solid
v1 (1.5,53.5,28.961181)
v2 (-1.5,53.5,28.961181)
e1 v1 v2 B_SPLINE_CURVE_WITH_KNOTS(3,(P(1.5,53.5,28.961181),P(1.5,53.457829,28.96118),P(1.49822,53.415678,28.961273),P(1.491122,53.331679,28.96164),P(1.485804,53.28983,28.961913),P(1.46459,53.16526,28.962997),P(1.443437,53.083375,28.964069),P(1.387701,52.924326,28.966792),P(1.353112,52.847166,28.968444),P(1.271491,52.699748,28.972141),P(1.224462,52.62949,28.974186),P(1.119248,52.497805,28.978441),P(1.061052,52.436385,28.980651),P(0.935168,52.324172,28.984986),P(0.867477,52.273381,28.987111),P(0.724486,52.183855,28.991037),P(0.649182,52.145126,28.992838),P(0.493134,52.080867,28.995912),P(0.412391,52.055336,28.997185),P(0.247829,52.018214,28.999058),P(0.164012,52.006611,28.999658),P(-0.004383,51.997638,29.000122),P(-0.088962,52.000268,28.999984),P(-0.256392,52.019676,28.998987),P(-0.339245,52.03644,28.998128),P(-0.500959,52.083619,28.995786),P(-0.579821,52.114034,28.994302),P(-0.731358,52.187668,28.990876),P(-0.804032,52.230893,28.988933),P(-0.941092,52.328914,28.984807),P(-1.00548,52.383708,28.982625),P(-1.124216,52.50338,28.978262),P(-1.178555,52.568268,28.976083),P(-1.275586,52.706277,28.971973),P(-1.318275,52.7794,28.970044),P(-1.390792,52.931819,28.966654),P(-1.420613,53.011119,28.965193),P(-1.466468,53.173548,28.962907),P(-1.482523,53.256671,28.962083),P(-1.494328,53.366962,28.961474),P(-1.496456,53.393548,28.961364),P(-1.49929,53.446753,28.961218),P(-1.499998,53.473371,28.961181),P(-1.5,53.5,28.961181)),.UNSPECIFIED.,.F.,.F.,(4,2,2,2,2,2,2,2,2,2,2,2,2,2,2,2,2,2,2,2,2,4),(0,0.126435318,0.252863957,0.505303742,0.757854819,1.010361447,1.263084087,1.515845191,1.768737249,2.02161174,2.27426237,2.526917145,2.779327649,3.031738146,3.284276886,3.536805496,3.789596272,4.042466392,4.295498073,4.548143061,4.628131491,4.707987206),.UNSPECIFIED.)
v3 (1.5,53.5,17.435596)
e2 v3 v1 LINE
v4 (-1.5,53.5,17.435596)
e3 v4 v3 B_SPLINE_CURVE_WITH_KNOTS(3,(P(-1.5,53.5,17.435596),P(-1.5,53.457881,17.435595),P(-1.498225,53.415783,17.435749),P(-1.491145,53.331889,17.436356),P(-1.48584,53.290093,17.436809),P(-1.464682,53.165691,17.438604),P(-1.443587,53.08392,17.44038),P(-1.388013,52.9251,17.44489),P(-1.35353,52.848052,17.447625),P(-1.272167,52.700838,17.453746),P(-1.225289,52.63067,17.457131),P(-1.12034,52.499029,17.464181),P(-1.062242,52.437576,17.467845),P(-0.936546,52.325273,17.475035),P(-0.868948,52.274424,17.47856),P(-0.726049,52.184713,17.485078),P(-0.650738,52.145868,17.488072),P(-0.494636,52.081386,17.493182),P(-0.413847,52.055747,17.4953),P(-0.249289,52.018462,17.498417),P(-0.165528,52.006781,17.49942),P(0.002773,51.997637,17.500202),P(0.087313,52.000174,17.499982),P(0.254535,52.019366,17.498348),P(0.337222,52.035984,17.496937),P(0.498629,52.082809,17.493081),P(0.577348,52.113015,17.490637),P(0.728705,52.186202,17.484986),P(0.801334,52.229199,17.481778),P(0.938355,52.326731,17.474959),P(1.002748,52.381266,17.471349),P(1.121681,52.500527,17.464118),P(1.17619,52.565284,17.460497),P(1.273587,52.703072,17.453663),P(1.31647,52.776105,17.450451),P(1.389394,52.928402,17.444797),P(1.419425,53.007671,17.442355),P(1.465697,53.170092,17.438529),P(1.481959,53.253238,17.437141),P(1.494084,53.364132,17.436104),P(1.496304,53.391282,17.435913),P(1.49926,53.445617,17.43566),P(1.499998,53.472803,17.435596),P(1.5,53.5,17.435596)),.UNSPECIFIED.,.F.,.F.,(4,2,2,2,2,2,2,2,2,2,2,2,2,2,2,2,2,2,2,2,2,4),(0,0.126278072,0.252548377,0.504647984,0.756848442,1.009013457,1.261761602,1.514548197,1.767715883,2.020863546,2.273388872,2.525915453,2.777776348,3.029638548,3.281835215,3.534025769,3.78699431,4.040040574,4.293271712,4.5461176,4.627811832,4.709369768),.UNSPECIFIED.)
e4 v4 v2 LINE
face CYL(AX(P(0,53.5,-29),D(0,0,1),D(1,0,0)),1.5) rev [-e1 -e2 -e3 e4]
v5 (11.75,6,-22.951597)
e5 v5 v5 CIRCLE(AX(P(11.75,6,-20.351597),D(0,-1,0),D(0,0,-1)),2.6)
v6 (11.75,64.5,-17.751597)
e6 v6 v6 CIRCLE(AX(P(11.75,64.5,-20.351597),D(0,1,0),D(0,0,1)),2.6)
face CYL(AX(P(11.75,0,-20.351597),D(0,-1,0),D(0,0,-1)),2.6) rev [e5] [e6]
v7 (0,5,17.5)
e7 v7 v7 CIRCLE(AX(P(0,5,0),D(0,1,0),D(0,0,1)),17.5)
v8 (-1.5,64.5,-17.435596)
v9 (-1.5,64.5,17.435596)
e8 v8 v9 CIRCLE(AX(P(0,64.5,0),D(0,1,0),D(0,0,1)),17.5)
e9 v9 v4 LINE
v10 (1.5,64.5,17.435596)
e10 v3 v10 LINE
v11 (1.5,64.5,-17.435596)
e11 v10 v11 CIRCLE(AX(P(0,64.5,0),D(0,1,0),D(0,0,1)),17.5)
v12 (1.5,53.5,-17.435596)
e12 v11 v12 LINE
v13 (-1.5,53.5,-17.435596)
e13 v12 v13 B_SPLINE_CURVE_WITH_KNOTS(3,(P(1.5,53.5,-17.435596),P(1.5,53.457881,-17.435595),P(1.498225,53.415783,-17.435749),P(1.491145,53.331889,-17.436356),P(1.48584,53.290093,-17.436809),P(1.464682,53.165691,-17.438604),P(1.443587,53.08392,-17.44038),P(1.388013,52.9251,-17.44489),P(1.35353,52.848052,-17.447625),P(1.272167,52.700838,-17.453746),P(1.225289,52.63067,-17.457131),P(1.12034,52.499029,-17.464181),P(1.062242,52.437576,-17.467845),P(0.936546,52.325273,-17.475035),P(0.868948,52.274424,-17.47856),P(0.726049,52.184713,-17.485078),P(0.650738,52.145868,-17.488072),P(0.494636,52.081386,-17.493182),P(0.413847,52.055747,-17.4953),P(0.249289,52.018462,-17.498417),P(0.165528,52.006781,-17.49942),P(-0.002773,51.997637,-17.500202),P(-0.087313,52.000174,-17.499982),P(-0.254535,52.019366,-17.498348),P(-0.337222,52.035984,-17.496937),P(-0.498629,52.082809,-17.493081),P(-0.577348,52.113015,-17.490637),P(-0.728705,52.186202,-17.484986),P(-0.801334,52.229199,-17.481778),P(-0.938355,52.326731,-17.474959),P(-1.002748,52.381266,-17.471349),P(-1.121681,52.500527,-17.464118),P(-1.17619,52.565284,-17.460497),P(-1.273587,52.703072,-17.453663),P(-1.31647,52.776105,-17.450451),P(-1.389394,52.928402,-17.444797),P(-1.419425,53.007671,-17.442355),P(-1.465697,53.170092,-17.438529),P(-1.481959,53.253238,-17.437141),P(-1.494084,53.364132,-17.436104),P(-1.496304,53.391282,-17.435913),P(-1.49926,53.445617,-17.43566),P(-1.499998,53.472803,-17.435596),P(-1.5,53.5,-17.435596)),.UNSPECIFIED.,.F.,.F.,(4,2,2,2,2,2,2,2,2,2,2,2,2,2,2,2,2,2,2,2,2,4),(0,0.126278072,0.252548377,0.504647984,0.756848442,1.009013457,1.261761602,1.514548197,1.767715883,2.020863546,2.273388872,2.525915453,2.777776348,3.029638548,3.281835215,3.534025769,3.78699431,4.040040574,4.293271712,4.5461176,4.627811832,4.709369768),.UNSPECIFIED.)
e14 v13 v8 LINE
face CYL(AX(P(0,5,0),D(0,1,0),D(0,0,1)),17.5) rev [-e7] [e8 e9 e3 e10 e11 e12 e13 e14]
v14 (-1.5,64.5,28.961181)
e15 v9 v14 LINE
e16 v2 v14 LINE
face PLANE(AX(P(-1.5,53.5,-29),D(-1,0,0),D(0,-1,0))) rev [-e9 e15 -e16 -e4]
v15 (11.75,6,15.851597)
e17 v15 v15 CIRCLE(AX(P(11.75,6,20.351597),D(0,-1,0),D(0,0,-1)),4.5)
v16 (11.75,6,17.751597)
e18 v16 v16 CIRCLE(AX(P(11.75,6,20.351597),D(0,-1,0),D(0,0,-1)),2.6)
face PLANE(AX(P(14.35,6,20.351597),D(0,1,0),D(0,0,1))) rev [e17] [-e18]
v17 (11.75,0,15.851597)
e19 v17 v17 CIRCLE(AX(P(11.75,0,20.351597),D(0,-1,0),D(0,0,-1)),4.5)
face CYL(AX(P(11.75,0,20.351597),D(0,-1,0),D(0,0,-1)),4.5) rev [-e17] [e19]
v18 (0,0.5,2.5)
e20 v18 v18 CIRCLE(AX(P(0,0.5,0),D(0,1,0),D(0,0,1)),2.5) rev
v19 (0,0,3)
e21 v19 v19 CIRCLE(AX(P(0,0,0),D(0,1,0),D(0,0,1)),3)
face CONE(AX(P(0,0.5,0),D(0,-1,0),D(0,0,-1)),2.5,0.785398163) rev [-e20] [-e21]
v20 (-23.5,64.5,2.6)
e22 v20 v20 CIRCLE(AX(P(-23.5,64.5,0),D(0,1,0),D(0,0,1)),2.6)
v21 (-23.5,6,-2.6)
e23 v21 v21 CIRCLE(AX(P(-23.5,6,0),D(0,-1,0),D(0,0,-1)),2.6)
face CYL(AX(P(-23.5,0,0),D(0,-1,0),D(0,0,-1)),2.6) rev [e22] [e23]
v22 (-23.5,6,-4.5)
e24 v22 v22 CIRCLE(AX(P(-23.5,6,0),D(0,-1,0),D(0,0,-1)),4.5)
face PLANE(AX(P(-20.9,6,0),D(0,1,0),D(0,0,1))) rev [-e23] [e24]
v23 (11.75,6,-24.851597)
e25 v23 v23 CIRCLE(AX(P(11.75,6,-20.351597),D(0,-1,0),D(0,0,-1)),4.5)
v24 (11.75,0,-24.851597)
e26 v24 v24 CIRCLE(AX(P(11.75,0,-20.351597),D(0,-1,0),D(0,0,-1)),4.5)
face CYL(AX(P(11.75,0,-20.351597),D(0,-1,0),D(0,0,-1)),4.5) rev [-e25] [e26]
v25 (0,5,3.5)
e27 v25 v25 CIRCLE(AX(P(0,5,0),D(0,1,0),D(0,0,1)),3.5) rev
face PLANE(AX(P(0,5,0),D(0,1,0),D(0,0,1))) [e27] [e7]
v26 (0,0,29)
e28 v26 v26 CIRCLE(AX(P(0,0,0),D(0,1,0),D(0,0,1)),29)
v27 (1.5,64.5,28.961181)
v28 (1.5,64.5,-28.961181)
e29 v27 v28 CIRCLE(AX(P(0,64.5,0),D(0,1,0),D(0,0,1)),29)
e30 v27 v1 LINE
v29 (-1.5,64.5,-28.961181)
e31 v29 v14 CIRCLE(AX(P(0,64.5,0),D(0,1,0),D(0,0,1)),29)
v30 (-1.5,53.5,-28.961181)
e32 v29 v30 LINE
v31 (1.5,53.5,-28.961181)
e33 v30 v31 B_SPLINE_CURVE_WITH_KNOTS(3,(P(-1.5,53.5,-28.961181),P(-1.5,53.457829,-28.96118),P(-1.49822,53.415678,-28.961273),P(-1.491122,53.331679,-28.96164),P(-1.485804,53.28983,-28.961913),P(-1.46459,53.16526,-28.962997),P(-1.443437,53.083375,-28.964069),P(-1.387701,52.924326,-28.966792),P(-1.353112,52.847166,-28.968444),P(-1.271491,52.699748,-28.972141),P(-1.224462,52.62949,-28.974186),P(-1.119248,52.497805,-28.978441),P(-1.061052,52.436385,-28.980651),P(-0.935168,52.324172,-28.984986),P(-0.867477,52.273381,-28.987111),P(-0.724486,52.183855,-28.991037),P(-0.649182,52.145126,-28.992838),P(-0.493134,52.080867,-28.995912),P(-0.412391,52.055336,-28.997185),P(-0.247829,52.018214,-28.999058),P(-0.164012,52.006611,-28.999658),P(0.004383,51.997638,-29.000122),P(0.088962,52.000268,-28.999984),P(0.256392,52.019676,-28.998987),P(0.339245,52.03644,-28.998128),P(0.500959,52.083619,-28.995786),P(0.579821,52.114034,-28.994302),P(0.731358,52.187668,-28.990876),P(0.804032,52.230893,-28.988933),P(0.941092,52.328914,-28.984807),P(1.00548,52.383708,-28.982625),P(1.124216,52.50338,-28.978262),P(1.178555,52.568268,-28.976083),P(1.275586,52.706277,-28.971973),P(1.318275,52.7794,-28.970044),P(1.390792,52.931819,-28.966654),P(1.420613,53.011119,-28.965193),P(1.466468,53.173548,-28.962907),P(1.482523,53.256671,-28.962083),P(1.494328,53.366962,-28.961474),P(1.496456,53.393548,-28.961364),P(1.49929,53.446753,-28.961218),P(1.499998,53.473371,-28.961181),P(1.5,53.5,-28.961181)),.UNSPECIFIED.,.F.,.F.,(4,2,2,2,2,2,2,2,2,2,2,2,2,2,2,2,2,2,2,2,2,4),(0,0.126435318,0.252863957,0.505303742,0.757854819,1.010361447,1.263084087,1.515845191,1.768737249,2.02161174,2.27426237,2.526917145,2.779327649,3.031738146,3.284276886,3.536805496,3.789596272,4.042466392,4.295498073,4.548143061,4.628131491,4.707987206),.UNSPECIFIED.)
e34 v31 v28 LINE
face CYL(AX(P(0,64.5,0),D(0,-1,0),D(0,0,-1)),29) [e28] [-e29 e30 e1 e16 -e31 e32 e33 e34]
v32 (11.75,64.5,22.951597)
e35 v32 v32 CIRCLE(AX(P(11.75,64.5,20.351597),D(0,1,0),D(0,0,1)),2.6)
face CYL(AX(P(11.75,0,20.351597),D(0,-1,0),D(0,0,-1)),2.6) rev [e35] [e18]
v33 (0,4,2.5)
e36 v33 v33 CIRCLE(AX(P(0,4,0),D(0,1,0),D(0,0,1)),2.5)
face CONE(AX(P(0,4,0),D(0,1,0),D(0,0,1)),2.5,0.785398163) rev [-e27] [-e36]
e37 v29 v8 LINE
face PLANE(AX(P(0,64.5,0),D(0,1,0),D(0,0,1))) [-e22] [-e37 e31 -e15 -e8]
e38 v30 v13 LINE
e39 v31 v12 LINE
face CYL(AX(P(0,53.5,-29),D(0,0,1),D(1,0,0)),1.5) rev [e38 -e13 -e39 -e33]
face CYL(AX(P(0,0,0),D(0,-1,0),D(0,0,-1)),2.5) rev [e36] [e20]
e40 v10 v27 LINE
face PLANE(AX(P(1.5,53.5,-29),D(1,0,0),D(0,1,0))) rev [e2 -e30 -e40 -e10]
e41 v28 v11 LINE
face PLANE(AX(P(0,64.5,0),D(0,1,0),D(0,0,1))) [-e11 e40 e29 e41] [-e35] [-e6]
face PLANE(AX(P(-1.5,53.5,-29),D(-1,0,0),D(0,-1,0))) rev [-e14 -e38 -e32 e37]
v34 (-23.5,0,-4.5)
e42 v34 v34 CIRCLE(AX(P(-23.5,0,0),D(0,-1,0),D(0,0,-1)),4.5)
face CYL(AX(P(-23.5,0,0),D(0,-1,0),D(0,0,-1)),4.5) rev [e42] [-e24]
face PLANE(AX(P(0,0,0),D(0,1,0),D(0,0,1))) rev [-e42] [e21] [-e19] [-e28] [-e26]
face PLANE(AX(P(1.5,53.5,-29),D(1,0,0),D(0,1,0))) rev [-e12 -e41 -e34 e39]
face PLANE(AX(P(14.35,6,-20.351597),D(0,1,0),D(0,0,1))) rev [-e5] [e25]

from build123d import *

# Parameters (mm, degrees)
IZIM1_R                                           = 29
Y_KSEKLIK_EKSTR_ZYON1_DEPTH                       = 64.5
IZIM2_R                                           = 17.5
KES_EKSTR_ZYON1_DEPTH                             = 59.5
F_5_0_5_AP_DELIK1_D                               = 5
F_5_0_5_AP_DELIK1_DEPTH                           = 6
F_5_0_5_AP_DELIK1_TIP                             = 0.909925586
PAH1_SIZE                                         = 0.5
PAH2_SIZE                                         = 1
KES_EKSTR_ZYON2_DEPTH                             = 92.461740635
IZIM15_W                                          = 3
IZIM15_H                                          = 10
KES_EKSTR_ZYON4_DEPTH                             = 92.461740801
M5_ALT_GEN_ALYAN_BA_L_K_R_VIDA_IN_HAV_D           = 5.2
M5_ALT_GEN_ALYAN_BA_L_K_R_VIDA_IN_HAV_DEPTH       = 87.053677391
M5_ALT_GEN_ALYAN_BA_L_K_R_VIDA_IN_HAV_CBORE_D     = 9
M5_ALT_GEN_ALYAN_BA_L_K_R_VIDA_IN_HAV_CBORE_DEPTH = 6
M5_ALT_GEN_ALYAN_BA_L_K_R_VIDA_IN_HAV_TIP         = 0.946322609


with BuildPart() as part:
    # Çizim1 → Yükseklik-Ekstrüzyon1 (new body)
    with BuildSketch(Plane(origin=(0, 0, 0), x_dir=(1, 0, 0), z_dir=(0, 1, 0))):
        with Locations(Location((0, 0, 0), (0, 0, 270))):
            Circle(IZIM1_R)
    extrude(amount=Y_KSEKLIK_EKSTR_ZYON1_DEPTH)

    # Çizim2 → Kes-Ekstrüzyon1 (cut)
    with BuildSketch(Plane(origin=(0, 64.5, 0), x_dir=(1, 0, 0), z_dir=(0, 1, 0))):
        with Locations(Location((0, 0, 0), (0, 0, 270))):
            Circle(IZIM2_R)
    extrude(amount=-KES_EKSTR_ZYON1_DEPTH, mode=Mode.SUBTRACT)

    # Ø5.0 (5) Çap Delik1
    with Locations(Plane(origin=(0, 0, 0), x_dir=(-1, 0, 0), z_dir=(0, -1, 0))):
        with Locations((0, 0)):
            Hole(F_5_0_5_AP_DELIK1_D / 2, depth=F_5_0_5_AP_DELIK1_DEPTH)
            with Locations((0, 0, -(F_5_0_5_AP_DELIK1_DEPTH + F_5_0_5_AP_DELIK1_TIP / 2))):  # 140° drill point
                Cone(0, F_5_0_5_AP_DELIK1_D / 2, F_5_0_5_AP_DELIK1_TIP, mode=Mode.SUBTRACT)

    # Pah1
    pah1_edges = [part.edges().sort_by_distance(p)[0] for p in [
        (-2.5, 0, 0),
    ]]
    chamfer(pah1_edges, length=PAH1_SIZE)

    # Pah2
    pah2_edges = [part.edges().sort_by_distance(p)[0] for p in [
        (-2.5, 5, 0),
    ]]
    chamfer(pah2_edges, length=PAH2_SIZE)

    # Çizim6 → Kes-Ekstrüzyon2 (cut, through all)
    with BuildSketch(Plane.XY.offset(29)):
        with BuildLine():
            Line((-1.5, 53.5), (-1.5, 55.5))
            ThreePointArc((-1.5, 55.5), (0, 57), (1.5, 55.5))
            Line((1.5, 55.5), (1.5, 53.5))
            ThreePointArc((1.5, 53.5), (0, 52), (-1.5, 53.5))
        make_face()
    extrude(amount=-KES_EKSTR_ZYON2_DEPTH, mode=Mode.SUBTRACT)

    # Çizim15 → Kes-Ekstrüzyon4 (cut, through all)
    with BuildSketch(Plane.XY.offset(29)):
        with Locations((0, 59.5)):
            Rectangle(IZIM15_W, IZIM15_H)
    extrude(amount=-KES_EKSTR_ZYON4_DEPTH, mode=Mode.SUBTRACT)

    # M5 Altıgen Alyan Başlı Kör Vida İçin Havşa2
    with Locations(Plane(origin=(11.75, 0, 20.351596989), x_dir=(0, 0, -1), z_dir=(0, -1, 0))):
        with Locations((0, 0), (40.703193978, 0), (20.351596989, -35.25)):
            CounterBoreHole(M5_ALT_GEN_ALYAN_BA_L_K_R_VIDA_IN_HAV_D / 2, M5_ALT_GEN_ALYAN_BA_L_K_R_VIDA_IN_HAV_CBORE_D / 2, M5_ALT_GEN_ALYAN_BA_L_K_R_VIDA_IN_HAV_CBORE_DEPTH, depth=M5_ALT_GEN_ALYAN_BA_L_K_R_VIDA_IN_HAV_DEPTH)
            with Locations((0, 0, -(M5_ALT_GEN_ALYAN_BA_L_K_R_VIDA_IN_HAV_DEPTH + M5_ALT_GEN_ALYAN_BA_L_K_R_VIDA_IN_HAV_TIP / 2))):  # 140° drill point
                Cone(0, M5_ALT_GEN_ALYAN_BA_L_K_R_VIDA_IN_HAV_D / 2, M5_ALT_GEN_ALYAN_BA_L_K_R_VIDA_IN_HAV_TIP, mode=Mode.SUBTRACT)


solid = part.part
